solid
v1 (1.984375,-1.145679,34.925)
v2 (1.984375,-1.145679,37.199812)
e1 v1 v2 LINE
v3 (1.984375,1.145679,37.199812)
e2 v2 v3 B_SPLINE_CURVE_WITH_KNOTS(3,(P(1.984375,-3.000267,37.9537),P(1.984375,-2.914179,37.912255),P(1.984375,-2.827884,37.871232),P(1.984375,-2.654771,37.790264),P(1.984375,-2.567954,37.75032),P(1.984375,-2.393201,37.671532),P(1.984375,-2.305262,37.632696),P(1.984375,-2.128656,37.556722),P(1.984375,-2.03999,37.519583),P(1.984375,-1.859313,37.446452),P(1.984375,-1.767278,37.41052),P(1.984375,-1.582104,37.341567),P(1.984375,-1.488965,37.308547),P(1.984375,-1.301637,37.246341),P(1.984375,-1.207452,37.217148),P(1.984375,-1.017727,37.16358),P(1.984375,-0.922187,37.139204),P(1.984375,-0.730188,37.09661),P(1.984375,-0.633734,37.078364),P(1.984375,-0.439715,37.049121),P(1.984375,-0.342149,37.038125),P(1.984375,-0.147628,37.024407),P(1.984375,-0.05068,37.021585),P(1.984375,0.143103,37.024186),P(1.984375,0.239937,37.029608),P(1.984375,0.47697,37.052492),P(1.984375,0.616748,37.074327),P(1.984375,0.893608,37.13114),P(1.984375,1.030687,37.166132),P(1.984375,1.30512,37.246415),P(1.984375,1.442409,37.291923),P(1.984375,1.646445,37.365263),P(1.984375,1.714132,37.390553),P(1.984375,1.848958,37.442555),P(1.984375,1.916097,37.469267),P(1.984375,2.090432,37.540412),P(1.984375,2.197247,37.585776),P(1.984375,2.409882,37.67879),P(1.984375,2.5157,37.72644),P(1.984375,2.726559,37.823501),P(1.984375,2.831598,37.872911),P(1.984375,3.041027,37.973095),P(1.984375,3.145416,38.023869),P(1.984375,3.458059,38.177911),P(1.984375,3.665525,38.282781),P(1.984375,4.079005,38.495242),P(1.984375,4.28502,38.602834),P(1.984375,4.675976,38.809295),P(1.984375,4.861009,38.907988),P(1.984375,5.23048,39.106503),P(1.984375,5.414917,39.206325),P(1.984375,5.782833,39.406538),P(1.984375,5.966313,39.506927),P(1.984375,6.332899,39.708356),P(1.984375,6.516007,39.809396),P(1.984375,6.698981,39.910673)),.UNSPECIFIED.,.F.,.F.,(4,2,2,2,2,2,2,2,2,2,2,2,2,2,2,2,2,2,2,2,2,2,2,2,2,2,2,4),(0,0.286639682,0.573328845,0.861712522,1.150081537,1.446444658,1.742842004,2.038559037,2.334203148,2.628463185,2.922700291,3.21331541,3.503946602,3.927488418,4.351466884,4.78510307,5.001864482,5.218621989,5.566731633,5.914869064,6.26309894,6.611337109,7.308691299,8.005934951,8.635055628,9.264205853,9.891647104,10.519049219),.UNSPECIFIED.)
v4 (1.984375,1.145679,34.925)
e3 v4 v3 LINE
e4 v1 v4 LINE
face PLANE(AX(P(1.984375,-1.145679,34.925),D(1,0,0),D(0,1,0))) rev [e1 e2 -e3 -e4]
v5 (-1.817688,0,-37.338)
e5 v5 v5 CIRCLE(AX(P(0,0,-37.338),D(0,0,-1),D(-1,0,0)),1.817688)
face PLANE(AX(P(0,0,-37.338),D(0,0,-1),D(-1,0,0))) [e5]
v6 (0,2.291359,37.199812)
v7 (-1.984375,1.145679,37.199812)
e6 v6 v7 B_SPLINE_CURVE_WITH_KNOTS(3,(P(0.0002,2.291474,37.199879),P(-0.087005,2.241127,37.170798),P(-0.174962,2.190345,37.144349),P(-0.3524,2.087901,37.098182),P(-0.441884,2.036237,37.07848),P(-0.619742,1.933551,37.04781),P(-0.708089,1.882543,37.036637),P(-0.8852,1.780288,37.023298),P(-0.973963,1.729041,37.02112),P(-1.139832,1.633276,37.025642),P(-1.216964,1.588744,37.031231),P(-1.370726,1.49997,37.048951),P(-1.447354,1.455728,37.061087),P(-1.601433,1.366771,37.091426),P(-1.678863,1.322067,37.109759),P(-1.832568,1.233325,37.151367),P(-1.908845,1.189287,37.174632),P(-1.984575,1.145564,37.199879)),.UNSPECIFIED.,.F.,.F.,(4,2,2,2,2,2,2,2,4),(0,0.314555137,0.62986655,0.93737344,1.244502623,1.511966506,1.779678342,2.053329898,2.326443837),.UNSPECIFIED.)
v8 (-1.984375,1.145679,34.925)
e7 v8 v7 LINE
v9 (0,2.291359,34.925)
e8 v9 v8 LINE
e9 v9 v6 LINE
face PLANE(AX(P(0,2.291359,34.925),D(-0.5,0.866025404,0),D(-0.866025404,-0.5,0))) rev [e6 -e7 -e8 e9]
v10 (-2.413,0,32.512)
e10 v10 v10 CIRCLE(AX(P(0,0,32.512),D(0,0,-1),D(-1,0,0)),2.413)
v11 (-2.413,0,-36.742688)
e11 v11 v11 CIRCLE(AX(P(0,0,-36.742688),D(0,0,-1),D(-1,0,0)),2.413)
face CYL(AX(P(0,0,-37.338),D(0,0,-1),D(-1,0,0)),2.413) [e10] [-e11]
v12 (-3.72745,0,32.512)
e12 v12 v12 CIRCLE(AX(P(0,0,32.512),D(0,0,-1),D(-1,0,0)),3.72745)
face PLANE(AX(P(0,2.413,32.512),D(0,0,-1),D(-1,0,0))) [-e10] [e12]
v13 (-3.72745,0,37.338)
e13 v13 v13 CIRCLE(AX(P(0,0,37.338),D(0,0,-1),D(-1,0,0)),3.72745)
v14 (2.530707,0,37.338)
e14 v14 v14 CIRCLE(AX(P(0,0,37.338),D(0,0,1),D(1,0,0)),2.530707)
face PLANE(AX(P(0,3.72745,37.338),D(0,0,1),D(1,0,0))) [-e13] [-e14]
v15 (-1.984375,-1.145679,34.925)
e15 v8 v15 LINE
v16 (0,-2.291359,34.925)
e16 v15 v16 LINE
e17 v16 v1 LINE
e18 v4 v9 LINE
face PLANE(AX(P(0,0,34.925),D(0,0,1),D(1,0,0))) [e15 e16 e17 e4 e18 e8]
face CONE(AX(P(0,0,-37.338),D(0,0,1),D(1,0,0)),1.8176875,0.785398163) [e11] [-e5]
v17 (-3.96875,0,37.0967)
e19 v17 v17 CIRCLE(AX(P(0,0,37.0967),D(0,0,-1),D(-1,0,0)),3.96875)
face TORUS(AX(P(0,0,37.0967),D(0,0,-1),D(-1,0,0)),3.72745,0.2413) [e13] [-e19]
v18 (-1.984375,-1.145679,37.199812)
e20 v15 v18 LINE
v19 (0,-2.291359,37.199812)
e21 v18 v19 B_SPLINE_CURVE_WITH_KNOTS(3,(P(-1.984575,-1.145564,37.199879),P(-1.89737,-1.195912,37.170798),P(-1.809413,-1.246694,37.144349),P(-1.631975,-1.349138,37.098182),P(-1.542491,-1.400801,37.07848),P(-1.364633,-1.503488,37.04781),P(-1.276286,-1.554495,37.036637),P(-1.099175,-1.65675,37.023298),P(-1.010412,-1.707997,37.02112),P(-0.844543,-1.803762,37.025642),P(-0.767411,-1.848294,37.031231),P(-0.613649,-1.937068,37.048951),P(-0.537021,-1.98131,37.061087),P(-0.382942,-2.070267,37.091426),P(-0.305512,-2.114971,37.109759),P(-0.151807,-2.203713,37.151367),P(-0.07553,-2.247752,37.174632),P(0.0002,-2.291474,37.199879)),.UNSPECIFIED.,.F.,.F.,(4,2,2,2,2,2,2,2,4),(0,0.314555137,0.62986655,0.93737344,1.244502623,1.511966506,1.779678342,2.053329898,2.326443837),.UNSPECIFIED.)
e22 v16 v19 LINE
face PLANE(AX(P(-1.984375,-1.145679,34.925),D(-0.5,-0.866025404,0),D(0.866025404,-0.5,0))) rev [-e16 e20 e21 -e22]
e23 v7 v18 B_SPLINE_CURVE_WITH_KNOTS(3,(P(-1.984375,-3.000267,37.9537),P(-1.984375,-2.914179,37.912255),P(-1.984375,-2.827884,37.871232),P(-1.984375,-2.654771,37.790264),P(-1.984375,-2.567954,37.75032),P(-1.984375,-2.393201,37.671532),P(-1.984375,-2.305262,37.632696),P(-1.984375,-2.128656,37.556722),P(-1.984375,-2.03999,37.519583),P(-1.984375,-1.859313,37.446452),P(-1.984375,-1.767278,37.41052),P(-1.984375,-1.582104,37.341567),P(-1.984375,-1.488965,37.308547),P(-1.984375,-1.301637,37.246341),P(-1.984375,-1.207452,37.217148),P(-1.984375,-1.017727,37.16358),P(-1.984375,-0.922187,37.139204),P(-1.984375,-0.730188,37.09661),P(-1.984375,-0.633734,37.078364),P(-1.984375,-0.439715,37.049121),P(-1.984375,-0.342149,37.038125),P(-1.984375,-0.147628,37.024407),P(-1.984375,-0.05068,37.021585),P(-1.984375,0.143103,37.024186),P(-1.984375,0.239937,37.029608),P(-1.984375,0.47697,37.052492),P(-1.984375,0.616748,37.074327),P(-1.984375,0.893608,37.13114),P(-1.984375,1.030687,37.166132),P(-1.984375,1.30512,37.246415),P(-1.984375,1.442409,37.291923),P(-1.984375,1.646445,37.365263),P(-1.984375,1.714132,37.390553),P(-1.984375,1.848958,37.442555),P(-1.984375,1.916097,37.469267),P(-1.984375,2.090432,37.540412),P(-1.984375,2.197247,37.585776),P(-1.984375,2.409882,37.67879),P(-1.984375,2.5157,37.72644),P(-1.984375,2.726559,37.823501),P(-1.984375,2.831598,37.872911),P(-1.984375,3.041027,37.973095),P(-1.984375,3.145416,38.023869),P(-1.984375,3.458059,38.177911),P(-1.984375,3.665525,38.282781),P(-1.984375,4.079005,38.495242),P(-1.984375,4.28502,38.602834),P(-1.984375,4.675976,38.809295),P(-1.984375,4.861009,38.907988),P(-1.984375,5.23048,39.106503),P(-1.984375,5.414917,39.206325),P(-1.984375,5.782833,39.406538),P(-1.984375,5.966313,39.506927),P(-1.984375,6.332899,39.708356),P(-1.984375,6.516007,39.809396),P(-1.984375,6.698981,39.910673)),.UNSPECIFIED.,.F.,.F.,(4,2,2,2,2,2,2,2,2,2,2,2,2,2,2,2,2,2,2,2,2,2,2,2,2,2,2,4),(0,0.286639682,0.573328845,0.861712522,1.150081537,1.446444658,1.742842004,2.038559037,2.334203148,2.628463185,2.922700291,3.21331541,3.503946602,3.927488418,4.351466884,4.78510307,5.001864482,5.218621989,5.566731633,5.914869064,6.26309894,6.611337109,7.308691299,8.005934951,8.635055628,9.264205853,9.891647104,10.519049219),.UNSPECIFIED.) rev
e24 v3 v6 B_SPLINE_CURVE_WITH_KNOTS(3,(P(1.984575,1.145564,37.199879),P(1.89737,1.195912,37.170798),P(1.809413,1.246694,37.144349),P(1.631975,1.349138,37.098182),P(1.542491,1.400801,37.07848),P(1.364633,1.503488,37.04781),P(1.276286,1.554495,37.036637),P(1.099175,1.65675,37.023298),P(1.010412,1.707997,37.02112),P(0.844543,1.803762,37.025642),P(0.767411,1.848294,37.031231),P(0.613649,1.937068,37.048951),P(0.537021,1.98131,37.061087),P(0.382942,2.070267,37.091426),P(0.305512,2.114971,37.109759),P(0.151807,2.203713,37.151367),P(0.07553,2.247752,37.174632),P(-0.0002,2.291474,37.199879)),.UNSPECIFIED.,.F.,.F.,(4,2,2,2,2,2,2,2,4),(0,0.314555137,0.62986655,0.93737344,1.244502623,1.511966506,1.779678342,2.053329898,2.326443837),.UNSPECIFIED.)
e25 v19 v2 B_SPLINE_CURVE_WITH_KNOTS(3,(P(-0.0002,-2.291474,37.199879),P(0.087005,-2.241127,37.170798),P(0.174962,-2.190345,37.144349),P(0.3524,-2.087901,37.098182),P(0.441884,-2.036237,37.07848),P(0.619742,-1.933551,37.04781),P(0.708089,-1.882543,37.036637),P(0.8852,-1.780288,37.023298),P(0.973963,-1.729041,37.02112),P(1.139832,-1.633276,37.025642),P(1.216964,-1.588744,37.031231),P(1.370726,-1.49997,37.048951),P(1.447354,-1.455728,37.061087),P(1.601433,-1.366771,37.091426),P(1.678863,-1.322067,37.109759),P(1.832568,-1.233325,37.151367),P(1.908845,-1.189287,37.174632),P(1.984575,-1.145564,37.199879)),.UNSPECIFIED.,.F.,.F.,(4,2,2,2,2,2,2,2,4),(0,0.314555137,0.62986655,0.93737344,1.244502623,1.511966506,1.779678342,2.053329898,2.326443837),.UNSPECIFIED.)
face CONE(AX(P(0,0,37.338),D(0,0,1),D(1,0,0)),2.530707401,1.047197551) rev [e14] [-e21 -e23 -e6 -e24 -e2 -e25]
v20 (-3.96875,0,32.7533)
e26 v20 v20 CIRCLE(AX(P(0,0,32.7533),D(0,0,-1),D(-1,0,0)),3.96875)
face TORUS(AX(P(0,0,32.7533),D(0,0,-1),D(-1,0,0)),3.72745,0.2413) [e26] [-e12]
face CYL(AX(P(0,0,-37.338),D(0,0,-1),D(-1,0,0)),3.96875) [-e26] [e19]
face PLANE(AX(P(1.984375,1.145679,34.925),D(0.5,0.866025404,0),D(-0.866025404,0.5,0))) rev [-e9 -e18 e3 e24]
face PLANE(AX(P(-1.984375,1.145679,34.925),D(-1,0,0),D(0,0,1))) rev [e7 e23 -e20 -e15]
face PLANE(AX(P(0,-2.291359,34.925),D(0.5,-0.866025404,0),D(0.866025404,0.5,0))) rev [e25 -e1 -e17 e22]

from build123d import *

# Parameters (mm, degrees)
CUT_EXTRUDE1_START = 37.338
CUT_EXTRUDE1_DEPTH = 2.413


with BuildPart() as part:
    # Sketch2 → Revolve1 (revolve)
    with BuildSketch(Plane(origin=(0, 0, 0), x_dir=(0, 0, -1), z_dir=(1, 0, 0)), mode=Mode.PRIVATE) as revolve1_sk:
        with BuildLine():
            Line((37.338, 0), (37.338, 1.8176875))
            Line((37.338, 1.8176875), (36.7426875, 2.413))
            Line((36.7426875, 2.413), (-32.512, 2.413))
            Line((-32.512, 2.413), (-32.512, 3.72745))
            ThreePointArc((-32.512, 3.72745), (-32.582675134, 3.898074866), (-32.7533, 3.96875))
            Line((-32.7533, 3.96875), (-37.0967, 3.96875))
            ThreePointArc((-37.0967, 3.96875), (-37.267324866, 3.898074866), (-37.338, 3.72745))
            Line((-37.338, 3.72745), (-37.338, 0))
            Line((-37.338, 0), (37.338, 0))
        make_face()
    revolve(revolve1_sk.sketch.rotate(Axis((0, 0, -37.338), (0, 0, 1)), 90), axis=Axis((0, 0, -37.338), (0, 0, 1)))

    # Sketch3 → Cut-Extrude1 (cut)
    with BuildSketch(Plane.XY.offset(CUT_EXTRUDE1_START)):
        Polygon((-1.984375, 1.14567944), (-1.984375, -1.14567944), (0, -2.291358881), (1.984375, -1.14567944), (1.984375, 1.14567944), (0, 2.291358881), align=None)
    extrude(amount=-CUT_EXTRUDE1_DEPTH, mode=Mode.SUBTRACT)

    # Cut-Extrude2 cone 1 section (through the dimple's axis) → Cut-Extrude2 (revolve, cut)
    with BuildSketch(Plane(origin=(0, 0, 37.338), x_dir=(0, -1, 0), z_dir=(1, 0, 0))):
        Polygon((0, 0), (2.530707401, 0), (0, 1.461104599), align=None)
    revolve(axis=Axis((0, 0, 37.338), (0, 0, -1)), mode=Mode.SUBTRACT)


solid = part.part
